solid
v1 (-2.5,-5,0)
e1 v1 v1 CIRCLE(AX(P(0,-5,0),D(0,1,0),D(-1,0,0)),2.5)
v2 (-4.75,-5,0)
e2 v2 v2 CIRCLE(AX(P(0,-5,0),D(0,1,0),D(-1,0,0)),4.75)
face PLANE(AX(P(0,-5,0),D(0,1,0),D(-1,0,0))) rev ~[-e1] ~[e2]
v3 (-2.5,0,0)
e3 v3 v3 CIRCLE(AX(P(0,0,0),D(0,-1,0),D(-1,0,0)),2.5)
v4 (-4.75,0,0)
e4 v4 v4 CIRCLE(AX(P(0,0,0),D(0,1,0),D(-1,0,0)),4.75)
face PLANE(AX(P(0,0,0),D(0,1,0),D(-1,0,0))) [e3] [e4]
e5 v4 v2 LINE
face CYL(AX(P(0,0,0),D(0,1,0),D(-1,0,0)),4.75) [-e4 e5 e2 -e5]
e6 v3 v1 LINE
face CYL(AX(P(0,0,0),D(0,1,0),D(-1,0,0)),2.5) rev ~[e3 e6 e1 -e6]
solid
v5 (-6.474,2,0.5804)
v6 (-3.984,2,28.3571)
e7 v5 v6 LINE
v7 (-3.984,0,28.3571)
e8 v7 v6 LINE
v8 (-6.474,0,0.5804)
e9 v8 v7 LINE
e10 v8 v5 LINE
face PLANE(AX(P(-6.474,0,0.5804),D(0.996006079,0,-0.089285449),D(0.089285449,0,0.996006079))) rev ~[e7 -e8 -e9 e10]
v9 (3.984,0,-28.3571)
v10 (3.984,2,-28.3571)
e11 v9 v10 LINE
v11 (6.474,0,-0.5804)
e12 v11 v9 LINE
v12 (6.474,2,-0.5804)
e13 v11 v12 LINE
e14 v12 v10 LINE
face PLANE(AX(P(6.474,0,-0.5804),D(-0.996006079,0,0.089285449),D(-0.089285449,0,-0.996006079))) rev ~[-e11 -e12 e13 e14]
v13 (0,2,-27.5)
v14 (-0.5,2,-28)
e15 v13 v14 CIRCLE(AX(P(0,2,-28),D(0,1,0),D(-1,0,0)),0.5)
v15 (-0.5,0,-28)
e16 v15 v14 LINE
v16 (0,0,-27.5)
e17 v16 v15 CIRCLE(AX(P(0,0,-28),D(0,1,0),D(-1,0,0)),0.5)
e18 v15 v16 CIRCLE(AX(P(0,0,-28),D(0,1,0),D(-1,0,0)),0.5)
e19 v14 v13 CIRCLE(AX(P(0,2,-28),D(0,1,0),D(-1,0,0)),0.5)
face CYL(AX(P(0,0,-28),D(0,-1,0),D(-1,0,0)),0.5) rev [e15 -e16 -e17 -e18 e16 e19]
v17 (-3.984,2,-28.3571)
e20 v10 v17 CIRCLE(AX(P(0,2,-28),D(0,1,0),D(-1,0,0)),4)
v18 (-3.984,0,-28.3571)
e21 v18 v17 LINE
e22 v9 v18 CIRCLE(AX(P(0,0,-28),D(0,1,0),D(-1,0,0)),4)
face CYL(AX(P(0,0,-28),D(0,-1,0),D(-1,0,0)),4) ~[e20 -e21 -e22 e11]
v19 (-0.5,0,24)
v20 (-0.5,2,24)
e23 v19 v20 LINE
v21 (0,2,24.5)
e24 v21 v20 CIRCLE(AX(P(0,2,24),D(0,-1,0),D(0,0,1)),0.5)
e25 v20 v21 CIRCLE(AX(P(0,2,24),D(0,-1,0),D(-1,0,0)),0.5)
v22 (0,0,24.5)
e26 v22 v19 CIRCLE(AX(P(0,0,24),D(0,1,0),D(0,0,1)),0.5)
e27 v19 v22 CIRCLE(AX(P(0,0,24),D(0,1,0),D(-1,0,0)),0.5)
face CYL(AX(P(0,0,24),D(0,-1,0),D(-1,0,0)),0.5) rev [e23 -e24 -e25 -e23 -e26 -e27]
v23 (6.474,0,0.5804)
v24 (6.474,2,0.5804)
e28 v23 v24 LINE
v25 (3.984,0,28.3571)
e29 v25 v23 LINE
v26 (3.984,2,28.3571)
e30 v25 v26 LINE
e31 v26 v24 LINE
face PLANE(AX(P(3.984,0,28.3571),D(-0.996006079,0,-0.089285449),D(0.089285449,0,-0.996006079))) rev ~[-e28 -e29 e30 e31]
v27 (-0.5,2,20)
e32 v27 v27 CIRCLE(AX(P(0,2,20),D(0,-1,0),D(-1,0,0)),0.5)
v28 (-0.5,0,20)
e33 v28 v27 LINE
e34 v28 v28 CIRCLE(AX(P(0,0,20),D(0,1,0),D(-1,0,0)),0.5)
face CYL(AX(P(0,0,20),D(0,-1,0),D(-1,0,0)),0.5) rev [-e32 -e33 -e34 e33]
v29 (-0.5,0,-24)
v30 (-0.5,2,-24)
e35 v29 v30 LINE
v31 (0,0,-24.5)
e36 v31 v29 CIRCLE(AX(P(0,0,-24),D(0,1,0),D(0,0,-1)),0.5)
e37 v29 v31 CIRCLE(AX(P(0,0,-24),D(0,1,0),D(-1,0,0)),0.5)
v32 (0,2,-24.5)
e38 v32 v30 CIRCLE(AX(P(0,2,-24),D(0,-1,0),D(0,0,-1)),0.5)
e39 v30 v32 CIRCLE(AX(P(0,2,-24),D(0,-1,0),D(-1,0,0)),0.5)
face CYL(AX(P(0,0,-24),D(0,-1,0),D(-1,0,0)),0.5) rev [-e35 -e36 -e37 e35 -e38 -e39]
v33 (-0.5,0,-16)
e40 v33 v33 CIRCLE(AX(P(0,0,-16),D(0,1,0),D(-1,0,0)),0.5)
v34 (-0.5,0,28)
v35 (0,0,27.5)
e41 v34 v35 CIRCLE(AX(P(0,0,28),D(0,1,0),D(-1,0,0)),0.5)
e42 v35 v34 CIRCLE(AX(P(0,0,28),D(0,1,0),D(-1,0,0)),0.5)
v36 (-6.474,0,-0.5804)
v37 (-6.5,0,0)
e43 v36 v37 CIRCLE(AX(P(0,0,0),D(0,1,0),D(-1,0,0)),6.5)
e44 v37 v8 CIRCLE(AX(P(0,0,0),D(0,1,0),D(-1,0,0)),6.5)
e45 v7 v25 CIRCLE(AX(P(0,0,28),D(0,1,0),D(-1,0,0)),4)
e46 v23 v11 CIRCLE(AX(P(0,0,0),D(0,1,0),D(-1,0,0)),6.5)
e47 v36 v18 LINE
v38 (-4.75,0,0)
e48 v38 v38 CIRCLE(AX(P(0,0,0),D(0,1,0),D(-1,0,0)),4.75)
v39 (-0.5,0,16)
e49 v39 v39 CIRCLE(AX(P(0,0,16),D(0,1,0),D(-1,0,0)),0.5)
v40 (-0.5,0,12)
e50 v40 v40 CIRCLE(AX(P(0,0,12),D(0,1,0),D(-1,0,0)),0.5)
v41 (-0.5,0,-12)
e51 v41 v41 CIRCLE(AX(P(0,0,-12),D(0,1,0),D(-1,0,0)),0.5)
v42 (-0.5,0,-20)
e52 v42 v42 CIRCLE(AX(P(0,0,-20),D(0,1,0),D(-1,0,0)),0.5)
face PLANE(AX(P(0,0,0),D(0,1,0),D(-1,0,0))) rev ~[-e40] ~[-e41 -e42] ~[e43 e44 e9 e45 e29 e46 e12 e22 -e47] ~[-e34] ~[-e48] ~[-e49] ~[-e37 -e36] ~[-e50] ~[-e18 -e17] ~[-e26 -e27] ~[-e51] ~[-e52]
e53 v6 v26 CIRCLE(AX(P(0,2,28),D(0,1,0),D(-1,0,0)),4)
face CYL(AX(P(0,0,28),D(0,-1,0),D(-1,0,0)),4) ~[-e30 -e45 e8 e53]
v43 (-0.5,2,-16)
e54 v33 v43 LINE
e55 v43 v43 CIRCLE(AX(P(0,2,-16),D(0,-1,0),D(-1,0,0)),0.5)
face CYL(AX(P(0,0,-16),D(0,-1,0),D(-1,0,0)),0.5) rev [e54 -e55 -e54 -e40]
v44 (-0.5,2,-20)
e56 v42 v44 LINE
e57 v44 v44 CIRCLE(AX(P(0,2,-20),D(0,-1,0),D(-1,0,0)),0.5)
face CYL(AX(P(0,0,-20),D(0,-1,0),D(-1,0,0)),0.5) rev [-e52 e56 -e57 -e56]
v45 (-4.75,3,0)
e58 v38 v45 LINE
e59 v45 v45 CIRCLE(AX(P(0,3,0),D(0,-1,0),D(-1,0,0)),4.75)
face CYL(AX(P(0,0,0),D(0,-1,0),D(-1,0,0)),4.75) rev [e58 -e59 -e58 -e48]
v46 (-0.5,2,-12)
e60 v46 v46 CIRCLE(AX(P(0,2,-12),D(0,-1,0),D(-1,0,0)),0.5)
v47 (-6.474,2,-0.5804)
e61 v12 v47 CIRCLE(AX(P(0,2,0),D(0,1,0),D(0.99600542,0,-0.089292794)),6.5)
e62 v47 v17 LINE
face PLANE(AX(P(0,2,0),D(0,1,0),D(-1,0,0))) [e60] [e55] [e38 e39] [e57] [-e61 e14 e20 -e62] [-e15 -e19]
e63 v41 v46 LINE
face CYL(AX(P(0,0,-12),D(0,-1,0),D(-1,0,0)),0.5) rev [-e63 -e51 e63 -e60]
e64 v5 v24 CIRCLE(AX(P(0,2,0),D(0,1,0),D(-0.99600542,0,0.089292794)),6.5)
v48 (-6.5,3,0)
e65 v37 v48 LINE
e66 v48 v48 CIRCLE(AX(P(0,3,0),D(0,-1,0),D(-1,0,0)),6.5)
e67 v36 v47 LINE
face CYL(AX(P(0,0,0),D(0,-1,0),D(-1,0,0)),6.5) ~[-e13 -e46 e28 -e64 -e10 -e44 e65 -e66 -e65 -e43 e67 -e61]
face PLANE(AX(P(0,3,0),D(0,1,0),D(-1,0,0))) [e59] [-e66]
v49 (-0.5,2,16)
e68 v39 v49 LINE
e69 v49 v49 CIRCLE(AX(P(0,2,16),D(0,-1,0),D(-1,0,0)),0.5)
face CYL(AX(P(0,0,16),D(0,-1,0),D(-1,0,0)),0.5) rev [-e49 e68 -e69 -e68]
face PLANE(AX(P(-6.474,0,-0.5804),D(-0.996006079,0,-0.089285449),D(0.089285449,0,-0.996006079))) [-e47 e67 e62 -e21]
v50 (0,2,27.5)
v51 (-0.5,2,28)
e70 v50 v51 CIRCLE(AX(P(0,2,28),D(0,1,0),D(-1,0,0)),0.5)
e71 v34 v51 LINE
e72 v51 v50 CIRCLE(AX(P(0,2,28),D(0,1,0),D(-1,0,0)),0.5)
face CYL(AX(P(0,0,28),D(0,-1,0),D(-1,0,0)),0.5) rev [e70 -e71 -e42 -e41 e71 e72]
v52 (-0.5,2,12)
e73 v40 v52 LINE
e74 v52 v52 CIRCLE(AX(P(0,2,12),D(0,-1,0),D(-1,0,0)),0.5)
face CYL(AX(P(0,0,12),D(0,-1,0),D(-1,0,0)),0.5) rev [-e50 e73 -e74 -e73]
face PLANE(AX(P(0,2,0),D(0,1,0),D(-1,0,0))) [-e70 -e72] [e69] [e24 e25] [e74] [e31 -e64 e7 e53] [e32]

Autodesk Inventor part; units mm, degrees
ref_plane "YZ Plane" through (0, 0, 0) normal (1, 0, 0) x (0, 1, 0)
ref_plane "XZ Plane" through (0, 0, 0) normal (0, 1, 0) x (-1, 0, 0)
ref_plane "XY Plane" through (0, 0, 0) normal (0, 0, 1) x (1, 0, 0)
sketch "スケッチ1" plane through (0, 0, 0) normal (0, 1, 0) x (-1, 0, 0)
  circle A0 centre (0, 0) radius 2.5
  circle A1 centre (0, 0) radius 4.75
  line L0 (0, 0) -> (0, -28)
  line L1 (0, 0) -> (0, 28)
  circle A2 centre (0, 0) radius 6.5
  circle A3 centre (0, 28) radius 4
  line L2 (6.5, 0) -> (-6.5, 0)
  circle A4 centre (0, -28) radius 4
  line L3 (6.474, 0.5804) -> (3.984, 28.3571)
  line L4 (-3.984, 28.3571) -> (-6.474, 0.5804)
  line L5 (-6.474, -0.5804) -> (-3.984, -28.3571)
  line L6 (6.474, -0.5804) -> (3.984, -28.3571)
  circle A5 centre (0, -28) radius 0.5
  circle A6 centre (0, -24) radius 0.5
  circle A7 centre (0, -20) radius 0.5
  circle A8 centre (0, -16) radius 0.5
  circle A9 centre (0, -12) radius 0.5
  circle A10 centre (0, 28) radius 0.5
  circle A11 centre (0, 24) radius 0.5
  circle A12 centre (0, 20) radius 0.5
  circle A13 centre (0, 16) radius 0.5
  circle A14 centre (0, 12) radius 0.5
  dimension "d0" = 5
  dimension "d1" = 9.5
  dimension "d2" = 28
  dimension "d3" = 28
  dimension "d4" = 13
  dimension "d5" = 8
  dimension "d6" = 0
  dimension "d7" = 0
  dimension "d8" = 1
  dimension "d9" = 1
  dimension "d10" = 4
  dimension "d11" = 1
  dimension "d12" = 1
  dimension "d13" = 1
  dimension "d14" = 4
  dimension "d15" = 4
  dimension "d16" = 4
extrude "押し出し1" add sketch "スケッチ1" along normal blind 2 contours A2 L4 A3 A11 L1 A12 A13 A14 | L1 A14 A13 A12 A11 A3 L3 A2 | A2 L6 A4 A6 L0 A7 A8 A9 | L0 A9 A8 A7 A6 A4 L5 A2 | A3 A11 | A4 A6
extrude "押し出し2" add sketch "スケッチ1" along normal blind 3 contours L2 A2 L0 A1 | A1 L1 A2 L2 | A1 L2 A2 L1 | L0 A2 L2 A1
extrude "押し出し3" add sketch "スケッチ1" against normal blind 5 contours L2 A1 L0 A0 | A0 L1 A1 L2 | A0 L2 A1 L1 | L0 A1 L2 A0
equation "\"d14\" = d10"
equation "\"d15\" = d14"
equation "\"d16\" = d15"
properties part number "ServoMotor_Hone1"
